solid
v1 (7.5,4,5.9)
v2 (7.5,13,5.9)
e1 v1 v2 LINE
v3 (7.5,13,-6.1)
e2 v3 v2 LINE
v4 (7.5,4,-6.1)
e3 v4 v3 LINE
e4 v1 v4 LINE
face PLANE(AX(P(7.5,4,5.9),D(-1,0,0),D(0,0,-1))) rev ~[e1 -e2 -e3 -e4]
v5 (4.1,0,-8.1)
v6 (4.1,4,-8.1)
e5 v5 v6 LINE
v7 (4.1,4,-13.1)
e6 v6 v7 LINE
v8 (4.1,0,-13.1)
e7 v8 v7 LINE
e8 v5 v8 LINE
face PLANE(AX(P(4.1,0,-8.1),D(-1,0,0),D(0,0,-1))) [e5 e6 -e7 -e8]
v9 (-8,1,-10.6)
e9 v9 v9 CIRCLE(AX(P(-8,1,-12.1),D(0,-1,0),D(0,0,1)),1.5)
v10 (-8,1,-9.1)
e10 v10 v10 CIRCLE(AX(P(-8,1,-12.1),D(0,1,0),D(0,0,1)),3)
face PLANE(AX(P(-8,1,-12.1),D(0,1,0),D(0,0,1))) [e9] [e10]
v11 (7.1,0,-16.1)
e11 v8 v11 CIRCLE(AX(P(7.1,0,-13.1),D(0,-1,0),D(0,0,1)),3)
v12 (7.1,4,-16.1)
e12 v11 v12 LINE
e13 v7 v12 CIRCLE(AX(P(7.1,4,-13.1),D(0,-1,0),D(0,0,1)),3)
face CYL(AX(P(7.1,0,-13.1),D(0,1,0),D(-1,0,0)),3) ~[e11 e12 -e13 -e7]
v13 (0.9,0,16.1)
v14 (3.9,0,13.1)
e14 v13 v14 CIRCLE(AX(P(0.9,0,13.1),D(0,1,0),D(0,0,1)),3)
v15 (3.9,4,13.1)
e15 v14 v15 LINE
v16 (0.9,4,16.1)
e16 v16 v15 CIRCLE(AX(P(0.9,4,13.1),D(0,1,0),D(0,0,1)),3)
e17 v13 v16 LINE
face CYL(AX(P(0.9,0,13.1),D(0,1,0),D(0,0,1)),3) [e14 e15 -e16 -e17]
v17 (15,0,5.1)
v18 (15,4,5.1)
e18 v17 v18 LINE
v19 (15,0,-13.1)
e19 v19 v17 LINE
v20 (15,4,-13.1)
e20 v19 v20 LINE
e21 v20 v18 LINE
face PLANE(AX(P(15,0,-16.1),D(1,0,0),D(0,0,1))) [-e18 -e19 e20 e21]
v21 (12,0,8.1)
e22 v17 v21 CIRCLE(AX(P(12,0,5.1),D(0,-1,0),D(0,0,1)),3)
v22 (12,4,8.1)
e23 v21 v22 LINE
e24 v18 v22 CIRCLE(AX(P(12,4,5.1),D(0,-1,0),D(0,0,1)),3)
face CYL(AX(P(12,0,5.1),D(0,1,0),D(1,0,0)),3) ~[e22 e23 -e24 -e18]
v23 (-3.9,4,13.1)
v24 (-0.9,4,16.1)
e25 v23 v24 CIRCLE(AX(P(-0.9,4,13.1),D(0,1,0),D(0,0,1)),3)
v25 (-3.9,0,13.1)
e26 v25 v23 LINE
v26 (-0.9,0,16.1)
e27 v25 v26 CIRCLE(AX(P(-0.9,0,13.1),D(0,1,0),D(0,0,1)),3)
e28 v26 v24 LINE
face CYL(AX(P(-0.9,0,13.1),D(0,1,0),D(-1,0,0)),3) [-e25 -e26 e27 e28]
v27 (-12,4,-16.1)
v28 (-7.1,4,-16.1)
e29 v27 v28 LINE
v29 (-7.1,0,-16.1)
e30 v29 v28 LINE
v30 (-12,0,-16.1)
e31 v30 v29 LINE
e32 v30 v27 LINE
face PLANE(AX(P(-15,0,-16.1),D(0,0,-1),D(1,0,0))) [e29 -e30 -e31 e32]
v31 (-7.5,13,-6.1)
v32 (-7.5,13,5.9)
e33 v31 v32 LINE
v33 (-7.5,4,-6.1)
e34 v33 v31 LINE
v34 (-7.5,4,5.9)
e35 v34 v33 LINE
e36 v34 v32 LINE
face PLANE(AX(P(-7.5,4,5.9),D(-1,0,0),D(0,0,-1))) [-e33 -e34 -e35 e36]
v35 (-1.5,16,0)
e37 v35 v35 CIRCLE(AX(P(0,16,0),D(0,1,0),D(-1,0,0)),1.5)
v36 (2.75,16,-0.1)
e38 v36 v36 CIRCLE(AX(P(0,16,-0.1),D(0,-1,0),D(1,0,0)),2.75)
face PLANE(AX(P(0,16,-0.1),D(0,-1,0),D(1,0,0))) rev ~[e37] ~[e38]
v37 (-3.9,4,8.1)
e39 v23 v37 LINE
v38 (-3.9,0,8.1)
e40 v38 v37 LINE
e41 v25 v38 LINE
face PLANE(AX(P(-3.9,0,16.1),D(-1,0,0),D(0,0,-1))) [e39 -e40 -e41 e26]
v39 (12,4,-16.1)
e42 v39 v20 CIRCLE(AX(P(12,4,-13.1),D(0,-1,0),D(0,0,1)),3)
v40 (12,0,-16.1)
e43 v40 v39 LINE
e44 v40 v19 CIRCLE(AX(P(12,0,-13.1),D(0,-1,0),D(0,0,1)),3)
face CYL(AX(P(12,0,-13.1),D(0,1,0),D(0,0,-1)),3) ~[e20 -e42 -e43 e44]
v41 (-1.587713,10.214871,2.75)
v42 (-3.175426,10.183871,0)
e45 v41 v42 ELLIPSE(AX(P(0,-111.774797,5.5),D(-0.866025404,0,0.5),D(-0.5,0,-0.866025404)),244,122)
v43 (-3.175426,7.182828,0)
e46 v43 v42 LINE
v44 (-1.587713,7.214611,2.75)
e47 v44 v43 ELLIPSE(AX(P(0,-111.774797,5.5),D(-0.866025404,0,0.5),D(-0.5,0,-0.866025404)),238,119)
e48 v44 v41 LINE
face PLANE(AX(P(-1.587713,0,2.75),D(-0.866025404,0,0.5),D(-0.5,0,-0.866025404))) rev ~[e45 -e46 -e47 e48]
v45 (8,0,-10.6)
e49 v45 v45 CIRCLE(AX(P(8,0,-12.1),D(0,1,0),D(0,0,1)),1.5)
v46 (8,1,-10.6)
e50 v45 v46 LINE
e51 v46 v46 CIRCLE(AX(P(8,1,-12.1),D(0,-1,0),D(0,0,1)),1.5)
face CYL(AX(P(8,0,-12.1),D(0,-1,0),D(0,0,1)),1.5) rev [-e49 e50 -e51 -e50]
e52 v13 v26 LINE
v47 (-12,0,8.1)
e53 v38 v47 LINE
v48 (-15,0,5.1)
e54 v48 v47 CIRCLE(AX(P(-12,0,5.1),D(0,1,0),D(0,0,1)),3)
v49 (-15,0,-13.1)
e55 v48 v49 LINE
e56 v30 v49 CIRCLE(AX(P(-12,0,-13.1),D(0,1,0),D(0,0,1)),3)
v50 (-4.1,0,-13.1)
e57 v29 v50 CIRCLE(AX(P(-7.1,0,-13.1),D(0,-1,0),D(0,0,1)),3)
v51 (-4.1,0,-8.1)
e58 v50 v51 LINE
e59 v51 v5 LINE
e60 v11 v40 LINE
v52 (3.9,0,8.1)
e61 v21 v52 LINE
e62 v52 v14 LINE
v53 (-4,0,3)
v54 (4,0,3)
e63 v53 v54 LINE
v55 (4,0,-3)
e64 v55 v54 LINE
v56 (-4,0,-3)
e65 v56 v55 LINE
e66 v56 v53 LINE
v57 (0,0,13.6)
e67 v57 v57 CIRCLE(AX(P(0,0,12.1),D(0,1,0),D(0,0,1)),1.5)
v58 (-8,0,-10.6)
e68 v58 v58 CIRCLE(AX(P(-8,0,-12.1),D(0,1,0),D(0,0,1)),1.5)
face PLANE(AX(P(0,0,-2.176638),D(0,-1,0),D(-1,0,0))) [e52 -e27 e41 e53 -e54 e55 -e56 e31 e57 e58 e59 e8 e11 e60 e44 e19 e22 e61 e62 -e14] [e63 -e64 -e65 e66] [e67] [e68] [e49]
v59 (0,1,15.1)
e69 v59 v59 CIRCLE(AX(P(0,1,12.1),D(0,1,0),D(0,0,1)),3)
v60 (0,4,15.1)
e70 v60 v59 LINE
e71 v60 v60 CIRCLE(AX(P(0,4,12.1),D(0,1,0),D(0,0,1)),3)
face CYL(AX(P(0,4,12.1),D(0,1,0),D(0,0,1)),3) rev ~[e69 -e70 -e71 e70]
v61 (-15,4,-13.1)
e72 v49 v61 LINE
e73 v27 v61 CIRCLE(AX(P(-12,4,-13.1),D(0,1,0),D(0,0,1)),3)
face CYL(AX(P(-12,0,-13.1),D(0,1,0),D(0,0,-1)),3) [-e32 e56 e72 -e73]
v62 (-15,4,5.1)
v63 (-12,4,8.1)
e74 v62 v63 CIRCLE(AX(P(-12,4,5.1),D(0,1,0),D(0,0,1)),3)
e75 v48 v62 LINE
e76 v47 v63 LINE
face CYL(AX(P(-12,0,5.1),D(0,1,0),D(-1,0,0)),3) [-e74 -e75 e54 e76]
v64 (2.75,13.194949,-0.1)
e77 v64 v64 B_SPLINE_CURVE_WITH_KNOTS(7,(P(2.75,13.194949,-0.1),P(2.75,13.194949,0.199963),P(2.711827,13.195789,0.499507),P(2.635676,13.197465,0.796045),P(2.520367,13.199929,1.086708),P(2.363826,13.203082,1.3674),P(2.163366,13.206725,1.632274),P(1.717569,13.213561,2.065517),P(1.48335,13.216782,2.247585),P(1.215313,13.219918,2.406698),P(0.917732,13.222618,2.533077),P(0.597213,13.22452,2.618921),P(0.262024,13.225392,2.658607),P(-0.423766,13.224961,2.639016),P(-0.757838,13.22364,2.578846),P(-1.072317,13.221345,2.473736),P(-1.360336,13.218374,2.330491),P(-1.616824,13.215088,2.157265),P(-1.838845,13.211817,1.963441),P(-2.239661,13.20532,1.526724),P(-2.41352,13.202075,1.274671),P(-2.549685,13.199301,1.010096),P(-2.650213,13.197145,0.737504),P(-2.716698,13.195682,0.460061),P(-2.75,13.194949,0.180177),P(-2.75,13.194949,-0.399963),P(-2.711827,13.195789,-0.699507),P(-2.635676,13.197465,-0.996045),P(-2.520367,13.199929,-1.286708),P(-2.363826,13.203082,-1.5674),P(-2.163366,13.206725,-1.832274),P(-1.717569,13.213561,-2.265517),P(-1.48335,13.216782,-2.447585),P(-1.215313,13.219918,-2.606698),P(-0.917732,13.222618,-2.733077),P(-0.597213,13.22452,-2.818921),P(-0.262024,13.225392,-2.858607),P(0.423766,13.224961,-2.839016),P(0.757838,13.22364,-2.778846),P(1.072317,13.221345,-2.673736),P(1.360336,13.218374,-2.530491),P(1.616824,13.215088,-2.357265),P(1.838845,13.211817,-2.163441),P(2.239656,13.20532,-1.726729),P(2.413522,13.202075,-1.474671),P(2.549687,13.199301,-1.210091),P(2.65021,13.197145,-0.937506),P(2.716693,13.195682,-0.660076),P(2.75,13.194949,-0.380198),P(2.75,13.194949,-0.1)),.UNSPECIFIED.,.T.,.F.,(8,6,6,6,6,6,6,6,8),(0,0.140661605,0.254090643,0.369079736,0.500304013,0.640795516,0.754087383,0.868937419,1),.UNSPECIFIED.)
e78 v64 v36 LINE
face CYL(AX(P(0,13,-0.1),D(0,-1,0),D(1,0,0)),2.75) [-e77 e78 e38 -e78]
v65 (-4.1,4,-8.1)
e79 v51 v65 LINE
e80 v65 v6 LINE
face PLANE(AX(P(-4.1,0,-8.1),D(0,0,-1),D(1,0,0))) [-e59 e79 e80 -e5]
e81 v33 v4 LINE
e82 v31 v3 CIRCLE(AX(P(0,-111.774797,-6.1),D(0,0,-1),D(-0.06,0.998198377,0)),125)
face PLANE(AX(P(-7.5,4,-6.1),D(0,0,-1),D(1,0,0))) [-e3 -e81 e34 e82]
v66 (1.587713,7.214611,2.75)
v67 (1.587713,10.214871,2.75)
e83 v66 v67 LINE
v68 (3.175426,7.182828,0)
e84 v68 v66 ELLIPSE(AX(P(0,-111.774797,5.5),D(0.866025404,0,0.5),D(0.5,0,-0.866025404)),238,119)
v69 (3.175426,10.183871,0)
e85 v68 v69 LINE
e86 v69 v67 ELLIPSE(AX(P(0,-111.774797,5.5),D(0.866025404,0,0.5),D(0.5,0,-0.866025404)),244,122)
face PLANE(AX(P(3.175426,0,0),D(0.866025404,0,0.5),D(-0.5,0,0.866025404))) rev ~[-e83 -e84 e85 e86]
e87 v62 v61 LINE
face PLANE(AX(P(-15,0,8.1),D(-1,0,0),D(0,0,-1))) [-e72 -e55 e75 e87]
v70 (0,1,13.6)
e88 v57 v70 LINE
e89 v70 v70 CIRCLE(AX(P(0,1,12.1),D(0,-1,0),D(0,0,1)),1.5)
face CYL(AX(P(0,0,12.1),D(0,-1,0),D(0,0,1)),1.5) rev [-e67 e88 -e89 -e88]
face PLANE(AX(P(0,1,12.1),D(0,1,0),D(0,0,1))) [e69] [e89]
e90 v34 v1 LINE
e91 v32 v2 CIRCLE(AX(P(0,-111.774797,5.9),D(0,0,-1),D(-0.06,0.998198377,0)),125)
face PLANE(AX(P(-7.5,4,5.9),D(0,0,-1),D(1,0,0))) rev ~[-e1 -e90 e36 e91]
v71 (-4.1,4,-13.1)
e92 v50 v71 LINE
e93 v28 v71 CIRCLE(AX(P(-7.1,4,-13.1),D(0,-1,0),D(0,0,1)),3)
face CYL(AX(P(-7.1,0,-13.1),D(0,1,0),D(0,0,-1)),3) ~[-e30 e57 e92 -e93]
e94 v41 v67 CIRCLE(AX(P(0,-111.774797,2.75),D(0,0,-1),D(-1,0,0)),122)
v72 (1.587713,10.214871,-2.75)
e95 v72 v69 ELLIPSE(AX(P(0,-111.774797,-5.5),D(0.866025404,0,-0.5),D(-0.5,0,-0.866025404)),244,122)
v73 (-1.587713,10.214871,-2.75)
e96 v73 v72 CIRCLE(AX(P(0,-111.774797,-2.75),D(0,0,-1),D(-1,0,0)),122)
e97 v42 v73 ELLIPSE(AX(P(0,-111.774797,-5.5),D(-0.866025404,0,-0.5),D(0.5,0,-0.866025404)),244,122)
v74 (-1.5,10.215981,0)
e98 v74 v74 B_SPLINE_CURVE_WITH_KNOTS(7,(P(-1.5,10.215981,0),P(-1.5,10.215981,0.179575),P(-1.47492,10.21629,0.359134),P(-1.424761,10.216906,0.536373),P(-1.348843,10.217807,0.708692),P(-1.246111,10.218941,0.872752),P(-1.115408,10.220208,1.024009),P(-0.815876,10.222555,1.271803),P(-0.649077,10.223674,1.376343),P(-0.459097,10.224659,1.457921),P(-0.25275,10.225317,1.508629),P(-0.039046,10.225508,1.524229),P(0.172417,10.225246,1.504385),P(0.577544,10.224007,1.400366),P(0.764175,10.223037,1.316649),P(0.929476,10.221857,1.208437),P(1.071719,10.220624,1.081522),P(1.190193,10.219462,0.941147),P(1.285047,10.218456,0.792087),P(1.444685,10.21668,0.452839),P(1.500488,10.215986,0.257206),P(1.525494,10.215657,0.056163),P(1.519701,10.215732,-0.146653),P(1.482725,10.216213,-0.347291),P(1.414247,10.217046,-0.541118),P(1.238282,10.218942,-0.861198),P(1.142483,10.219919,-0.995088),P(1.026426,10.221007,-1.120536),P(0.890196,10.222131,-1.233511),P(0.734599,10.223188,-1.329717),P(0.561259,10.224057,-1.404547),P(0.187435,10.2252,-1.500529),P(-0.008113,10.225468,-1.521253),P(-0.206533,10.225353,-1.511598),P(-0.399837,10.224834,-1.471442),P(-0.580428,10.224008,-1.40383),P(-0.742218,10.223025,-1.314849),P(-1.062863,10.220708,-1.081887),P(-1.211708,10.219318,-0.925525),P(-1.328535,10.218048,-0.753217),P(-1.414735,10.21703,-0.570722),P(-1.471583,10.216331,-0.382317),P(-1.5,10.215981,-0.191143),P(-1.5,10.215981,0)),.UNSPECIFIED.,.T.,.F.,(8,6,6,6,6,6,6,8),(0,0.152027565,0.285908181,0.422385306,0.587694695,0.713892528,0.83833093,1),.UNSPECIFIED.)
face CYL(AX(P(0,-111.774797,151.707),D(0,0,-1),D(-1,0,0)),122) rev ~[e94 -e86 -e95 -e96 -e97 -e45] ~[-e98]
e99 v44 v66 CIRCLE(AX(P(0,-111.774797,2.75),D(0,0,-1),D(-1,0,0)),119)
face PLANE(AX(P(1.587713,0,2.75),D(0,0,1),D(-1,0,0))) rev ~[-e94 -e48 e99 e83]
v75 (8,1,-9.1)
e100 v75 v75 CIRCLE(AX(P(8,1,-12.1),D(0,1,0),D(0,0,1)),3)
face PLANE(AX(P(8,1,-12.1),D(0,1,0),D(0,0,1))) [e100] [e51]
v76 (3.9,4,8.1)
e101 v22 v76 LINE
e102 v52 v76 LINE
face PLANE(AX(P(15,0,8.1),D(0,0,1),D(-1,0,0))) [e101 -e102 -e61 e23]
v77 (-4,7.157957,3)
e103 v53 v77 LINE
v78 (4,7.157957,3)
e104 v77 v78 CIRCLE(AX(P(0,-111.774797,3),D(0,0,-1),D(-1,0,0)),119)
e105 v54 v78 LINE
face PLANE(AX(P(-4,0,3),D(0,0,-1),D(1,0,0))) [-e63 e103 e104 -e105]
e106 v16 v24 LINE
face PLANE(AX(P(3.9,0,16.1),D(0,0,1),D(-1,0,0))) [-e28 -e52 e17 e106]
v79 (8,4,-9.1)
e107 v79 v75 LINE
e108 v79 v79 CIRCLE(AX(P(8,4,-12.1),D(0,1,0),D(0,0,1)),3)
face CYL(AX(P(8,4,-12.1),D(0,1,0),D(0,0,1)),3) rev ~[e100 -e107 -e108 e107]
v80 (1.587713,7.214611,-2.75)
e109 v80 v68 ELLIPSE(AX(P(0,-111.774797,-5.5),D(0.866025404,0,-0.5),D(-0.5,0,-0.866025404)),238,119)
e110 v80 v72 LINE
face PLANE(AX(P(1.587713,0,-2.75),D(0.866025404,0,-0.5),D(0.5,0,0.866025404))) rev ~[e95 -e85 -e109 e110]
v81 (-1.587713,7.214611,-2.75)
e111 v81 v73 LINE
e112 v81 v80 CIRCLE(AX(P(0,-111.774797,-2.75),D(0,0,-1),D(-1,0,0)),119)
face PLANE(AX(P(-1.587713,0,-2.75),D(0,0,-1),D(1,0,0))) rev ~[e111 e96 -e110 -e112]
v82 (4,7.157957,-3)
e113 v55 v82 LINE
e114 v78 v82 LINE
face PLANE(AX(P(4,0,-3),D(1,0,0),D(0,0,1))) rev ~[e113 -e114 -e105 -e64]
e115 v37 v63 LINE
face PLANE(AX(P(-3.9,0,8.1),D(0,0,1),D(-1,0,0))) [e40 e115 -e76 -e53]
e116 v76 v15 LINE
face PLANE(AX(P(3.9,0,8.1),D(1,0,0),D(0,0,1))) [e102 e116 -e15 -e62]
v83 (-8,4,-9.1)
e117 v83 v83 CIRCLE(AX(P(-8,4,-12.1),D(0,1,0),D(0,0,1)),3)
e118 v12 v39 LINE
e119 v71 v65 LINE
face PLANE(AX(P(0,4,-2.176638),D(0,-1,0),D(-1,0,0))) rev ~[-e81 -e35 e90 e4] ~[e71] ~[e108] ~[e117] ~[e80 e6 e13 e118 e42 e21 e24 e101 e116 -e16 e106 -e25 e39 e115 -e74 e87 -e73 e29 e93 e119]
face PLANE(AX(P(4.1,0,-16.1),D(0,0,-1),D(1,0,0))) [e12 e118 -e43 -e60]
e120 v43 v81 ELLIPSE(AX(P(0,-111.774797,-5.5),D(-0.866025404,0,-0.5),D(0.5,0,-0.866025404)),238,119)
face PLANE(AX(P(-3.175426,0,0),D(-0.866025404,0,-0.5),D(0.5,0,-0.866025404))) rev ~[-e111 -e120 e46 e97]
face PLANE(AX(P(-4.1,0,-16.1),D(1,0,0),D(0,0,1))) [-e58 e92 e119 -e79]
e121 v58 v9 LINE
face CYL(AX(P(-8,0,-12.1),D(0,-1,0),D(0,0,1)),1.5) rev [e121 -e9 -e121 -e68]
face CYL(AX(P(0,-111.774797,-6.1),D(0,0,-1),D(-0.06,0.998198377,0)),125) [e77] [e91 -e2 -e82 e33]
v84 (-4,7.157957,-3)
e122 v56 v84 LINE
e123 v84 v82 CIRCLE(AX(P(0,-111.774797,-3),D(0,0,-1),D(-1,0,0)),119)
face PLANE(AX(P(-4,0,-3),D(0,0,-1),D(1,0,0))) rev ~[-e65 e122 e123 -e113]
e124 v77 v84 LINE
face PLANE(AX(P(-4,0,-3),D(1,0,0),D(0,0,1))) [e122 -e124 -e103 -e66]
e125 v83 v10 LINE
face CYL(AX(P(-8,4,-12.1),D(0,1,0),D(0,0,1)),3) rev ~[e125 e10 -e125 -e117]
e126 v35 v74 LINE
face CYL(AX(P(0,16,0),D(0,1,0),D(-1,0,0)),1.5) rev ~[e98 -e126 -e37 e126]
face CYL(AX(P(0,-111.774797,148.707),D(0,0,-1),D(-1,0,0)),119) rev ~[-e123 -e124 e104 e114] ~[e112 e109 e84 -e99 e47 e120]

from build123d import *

# Parameters (mm, degrees)
EXTRUDE_1_DEPTH           = 4
SKETCH_2_R                = 1.5
CUT_EXTRUDE_2_DEPTH       = 23.365375025
SKETCH_3_R                = 3
CUT_EXTRUDE_3_DEPTH       = 3
FILLET_1_R                = 3
SKETCH_4_W                = 15
SKETCH_4_H                = 12
EXTRUDE_2_DEPTH           = 10
CUT_EXTRUDE_7_DEPTH       = 31.229786635
SKETCH_9_R                = 2.75
EXTRUDE_3_DEPTH           = 3
SKETCH_10_R               = 1.5
CUT_EXTRUDE_8_DEPTH       = 28.20680062
CUT_EXTRUDE_9_REACH       = 29.207
CUT_EXTRUDE_9_END_RADIUS  = 122
CUT_EXTRUDE_13_REACH      = 29.207
CUT_EXTRUDE_13_END_RADIUS = 119
SKETCH_12_W               = 8
SKETCH_12_H               = 6


with BuildPart() as part:
    # 草图1 → 凸台-拉伸1 (new body)
    with BuildSketch(Plane(origin=(0, 0, 0), x_dir=(1, 0, 0), z_dir=(0, 1, 0))):
        Polygon((-15, 16.1), (-4.1, 16.1), (-4.1, 8.1), (4.1, 8.1), (4.1, 16.1), (15, 16.1), (15, -8.1), (3.9, -8.1), (3.9, -16.1), (-3.9, -16.1), (-3.9, -8.1), (-15, -8.1), align=None)
    extrude(amount=EXTRUDE_1_DEPTH)

    # 草图2 → 切除-拉伸2 (cut, through all)
    with BuildSketch(Plane(origin=(0, 0, 0), x_dir=(1, 0, 0), z_dir=(0, 1, 0))):
        with Locations(Location((-8, 12.1, 0), (0, 0, 270))):
            Circle(SKETCH_2_R)
        with Locations(Location((8, 12.1, 0), (0, 0, 270))):
            Circle(SKETCH_2_R)
        with Locations(Location((0, -12.1, 0), (0, 0, 270))):
            Circle(SKETCH_2_R)
    extrude(amount=CUT_EXTRUDE_2_DEPTH, mode=Mode.SUBTRACT)

    # 草图3 → 切除-拉伸3 (cut)
    with BuildSketch(Plane(origin=(0, 4, 0), x_dir=(1, 0, 0), z_dir=(0, 1, 0))):
        with Locations(Location((-8, 12.1, 0), (0, 0, 270))):
            Circle(SKETCH_3_R)
        with Locations(Location((8, 12.1, 0), (0, 0, 270))):
            Circle(SKETCH_3_R)
        with Locations(Location((0, -12.1, 0), (0, 0, 270))):
            Circle(SKETCH_3_R)
    extrude(amount=-CUT_EXTRUDE_3_DEPTH, mode=Mode.SUBTRACT)

    # 圆角1
    fillet_1_edges = [part.edges().sort_by_distance(p)[0] for p in [
        (-15, 2, -16.1),
        (-4.1, 2, -16.1),
        (4.1, 2, -16.1),
        (15, 2, -16.1),
        (15, 2, 8.1),
        (3.9, 2, 16.1),
        (-3.9, 2, 16.1),
        (-15, 2, 8.1),
    ]]
    fillet(fillet_1_edges, radius=FILLET_1_R)

    # 草图4 → 凸台-拉伸2 (add)
    with BuildSketch(Plane(origin=(0, 4, 0), x_dir=(1, 0, 0), z_dir=(0, 1, 0))):
        with Locations((0, 0.1)):
            Rectangle(SKETCH_4_W, SKETCH_4_H)
    extrude(amount=EXTRUDE_2_DEPTH)

    # 草图8 → 切除-拉伸7 (cut, through all)
    with BuildSketch(Plane(origin=(0, 0, -6.1), x_dir=(-1, 0, 0), z_dir=(0, 0, -1))):
        with BuildLine():
            Line((-7.5, 13), (-7.5, 14))
            Line((-7.5, 14), (7.5, 14))
            Line((7.5, 14), (7.5, 13))
            ThreePointArc((7.5, 13), (0, 13.225202865), (-7.5, 13))
        make_face()
    extrude(amount=-CUT_EXTRUDE_7_DEPTH, mode=Mode.SUBTRACT)

    # 草图9 → 凸台-拉伸3 (add)
    with BuildSketch(Plane(origin=(0, 13, 0), x_dir=(-1, 0, 0), z_dir=(0, -1, 0))):
        with Locations(Location((0, 0.1, 0), (0, 0, 180))):
            Circle(SKETCH_9_R)
    extrude(amount=-EXTRUDE_3_DEPTH)

    # 草图10 → 切除-拉伸8 (cut, through all)
    with BuildSketch(Plane(origin=(0, 16, 0), x_dir=(1, 0, 0), z_dir=(0, 1, 0))):
        with Locations(Location((0, 0, 0), (0, 0, 180))):
            Circle(SKETCH_10_R)
    extrude(amount=-CUT_EXTRUDE_8_DEPTH, mode=Mode.SUBTRACT)

    # 切除-拉伸9: up to this cylinder (the profile starts inside it)
    cut_extrude_9_end = Plane(origin=(0, -111.774797135, 0), z_dir=(0, 0, -1)) * Cylinder(CUT_EXTRUDE_9_END_RADIUS, 303.414, mode=Mode.PRIVATE)
    # 草图11 → 切除-拉伸9 (cut, up to the surface)
    with BuildSketch(Plane.XZ, mode=Mode.PRIVATE) as cut_extrude_9_sk1:
        Polygon((3.175426481, 0), (1.58771324, 2.75), (-1.58771324, 2.75), (-3.175426481, 0), (-1.58771324, -2.75), (1.58771324, -2.75), align=None)
    cut_extrude_9_tool1 = extrude(cut_extrude_9_sk1.sketch, amount=-CUT_EXTRUDE_9_REACH, mode=Mode.PRIVATE) & cut_extrude_9_end
    add(cut_extrude_9_tool1.solids().sort_by_distance((0, 0, 0))[0], mode=Mode.SUBTRACT)

    # 切除-拉伸13: up to this cylinder (the profile starts inside it)
    cut_extrude_13_end = Plane(origin=(0, -111.774797135, 0), z_dir=(0, 0, -1)) * Cylinder(CUT_EXTRUDE_13_END_RADIUS, 297.414, mode=Mode.PRIVATE)
    # 草图12 → 切除-拉伸13 (cut, up to the surface)
    with BuildSketch(Plane.XZ, mode=Mode.PRIVATE) as cut_extrude_13_sk1:
        Rectangle(SKETCH_12_W, SKETCH_12_H)
    cut_extrude_13_tool1 = extrude(cut_extrude_13_sk1.sketch, amount=-CUT_EXTRUDE_13_REACH, mode=Mode.PRIVATE) & cut_extrude_13_end
    add(cut_extrude_13_tool1.solids().sort_by_distance((0, 0, 0))[0], mode=Mode.SUBTRACT)


solid = part.part
